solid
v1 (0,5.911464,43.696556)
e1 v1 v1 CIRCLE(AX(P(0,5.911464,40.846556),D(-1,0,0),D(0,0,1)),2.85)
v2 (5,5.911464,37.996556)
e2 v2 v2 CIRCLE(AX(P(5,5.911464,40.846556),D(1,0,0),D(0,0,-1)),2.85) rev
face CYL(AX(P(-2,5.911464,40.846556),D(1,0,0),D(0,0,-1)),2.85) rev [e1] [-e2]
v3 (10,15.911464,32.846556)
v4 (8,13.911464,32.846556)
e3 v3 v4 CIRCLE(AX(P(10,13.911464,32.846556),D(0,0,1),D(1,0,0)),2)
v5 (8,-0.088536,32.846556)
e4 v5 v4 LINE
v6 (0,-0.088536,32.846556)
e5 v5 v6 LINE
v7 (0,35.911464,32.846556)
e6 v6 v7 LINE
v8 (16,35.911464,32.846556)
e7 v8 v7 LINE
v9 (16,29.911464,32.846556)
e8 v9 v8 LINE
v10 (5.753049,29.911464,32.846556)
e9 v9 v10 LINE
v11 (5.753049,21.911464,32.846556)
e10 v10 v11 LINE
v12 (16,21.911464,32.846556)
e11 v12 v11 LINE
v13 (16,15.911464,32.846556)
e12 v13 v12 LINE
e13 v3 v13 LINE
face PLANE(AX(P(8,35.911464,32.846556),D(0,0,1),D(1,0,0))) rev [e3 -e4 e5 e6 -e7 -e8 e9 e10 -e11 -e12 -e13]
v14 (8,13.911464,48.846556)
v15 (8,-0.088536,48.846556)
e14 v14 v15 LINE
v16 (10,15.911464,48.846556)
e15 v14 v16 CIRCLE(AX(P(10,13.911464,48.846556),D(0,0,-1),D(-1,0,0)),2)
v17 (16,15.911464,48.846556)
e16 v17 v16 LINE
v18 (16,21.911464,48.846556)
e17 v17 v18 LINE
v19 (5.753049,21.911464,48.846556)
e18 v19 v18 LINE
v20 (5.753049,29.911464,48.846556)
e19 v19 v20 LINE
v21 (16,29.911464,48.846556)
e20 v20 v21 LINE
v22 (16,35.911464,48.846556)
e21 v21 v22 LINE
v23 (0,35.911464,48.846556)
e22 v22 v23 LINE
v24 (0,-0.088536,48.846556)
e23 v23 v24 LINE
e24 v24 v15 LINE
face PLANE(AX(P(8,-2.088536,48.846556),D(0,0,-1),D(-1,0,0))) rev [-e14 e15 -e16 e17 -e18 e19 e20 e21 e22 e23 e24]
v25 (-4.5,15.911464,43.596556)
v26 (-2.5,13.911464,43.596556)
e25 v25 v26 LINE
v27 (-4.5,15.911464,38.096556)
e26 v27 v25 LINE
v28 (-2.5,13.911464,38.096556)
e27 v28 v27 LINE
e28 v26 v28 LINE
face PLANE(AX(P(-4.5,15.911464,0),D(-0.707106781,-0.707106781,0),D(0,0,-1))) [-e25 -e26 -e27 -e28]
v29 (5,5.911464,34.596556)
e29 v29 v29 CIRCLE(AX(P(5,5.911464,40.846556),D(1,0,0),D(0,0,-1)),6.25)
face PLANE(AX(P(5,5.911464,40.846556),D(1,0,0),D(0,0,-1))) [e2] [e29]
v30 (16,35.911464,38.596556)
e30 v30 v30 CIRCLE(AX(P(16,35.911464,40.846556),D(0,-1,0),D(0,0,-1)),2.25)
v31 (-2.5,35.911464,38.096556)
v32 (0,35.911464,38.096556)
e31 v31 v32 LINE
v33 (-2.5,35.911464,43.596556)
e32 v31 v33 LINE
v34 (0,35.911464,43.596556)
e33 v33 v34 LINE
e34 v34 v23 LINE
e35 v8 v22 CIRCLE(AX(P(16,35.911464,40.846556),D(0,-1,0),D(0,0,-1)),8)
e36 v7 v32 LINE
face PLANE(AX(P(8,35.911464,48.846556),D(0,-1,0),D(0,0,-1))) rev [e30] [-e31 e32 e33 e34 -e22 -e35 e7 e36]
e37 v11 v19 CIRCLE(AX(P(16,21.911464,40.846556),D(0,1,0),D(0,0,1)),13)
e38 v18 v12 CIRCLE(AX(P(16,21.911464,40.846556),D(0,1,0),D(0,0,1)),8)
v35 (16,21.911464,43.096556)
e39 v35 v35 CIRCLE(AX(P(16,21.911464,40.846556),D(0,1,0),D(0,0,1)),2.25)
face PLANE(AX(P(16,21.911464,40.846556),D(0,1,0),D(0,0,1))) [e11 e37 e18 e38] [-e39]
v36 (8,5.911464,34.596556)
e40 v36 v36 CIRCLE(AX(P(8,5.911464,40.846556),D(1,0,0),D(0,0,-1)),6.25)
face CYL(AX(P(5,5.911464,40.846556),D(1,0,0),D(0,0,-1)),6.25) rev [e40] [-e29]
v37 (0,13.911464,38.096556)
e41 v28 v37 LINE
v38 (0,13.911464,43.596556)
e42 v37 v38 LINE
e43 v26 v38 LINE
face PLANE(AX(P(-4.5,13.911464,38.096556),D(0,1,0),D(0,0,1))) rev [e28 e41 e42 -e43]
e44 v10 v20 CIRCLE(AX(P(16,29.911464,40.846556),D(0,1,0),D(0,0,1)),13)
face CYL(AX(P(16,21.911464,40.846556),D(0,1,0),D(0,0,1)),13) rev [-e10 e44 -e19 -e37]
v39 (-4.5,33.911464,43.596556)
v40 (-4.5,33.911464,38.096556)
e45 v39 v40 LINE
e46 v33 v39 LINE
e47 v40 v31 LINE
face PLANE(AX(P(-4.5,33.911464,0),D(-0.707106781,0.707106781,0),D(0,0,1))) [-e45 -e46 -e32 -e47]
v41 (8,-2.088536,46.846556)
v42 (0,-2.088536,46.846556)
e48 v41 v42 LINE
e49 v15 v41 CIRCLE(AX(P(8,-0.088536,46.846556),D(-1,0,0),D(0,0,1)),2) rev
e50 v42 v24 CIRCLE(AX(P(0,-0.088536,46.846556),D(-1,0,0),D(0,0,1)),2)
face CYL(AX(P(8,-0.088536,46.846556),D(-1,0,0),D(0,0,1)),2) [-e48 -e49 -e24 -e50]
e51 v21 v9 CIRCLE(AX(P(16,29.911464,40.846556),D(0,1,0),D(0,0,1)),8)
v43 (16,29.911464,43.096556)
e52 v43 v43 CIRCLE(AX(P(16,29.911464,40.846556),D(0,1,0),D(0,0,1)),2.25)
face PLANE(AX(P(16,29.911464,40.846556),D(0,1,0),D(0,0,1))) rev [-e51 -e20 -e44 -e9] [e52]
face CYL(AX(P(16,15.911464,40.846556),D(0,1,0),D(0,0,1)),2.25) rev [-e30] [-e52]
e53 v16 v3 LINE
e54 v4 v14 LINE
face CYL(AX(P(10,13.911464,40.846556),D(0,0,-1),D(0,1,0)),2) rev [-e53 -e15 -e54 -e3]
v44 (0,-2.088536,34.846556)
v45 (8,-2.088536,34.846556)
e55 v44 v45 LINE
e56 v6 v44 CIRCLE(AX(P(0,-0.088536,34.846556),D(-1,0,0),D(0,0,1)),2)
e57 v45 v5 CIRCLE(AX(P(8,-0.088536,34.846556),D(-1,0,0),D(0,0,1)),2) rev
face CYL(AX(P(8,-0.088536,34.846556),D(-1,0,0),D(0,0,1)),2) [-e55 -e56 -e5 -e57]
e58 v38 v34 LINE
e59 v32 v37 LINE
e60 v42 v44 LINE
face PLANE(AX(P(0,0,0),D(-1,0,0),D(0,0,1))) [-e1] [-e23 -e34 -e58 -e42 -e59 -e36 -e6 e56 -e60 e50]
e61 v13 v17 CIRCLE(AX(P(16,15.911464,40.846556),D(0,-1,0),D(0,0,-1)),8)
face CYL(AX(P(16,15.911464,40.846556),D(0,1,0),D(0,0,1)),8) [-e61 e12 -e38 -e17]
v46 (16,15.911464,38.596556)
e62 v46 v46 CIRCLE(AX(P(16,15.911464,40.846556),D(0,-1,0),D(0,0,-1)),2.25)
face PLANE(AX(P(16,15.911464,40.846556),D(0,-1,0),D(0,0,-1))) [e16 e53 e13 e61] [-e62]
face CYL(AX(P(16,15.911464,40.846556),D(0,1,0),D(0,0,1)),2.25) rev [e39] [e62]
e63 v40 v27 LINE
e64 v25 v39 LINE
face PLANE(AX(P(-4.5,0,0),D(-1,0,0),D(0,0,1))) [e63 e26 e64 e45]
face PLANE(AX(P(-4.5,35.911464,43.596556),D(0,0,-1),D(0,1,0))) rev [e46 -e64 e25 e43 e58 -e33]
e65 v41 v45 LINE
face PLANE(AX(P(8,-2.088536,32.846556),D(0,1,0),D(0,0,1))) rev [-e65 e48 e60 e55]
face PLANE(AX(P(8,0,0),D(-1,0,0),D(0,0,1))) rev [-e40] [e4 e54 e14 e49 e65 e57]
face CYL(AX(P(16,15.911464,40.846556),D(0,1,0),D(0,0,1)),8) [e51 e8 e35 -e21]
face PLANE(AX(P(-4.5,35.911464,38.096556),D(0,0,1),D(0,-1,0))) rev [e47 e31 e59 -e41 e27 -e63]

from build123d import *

# Parameters (mm, degrees)
SKETCH1_W           = 16
SKETCH1_H           = 38
BOSS_EXTRUDE1_DEPTH = 8
SKETCH2_W           = 5.5
SKETCH2_H           = 22
BOSS_EXTRUDE2_DEPTH = 4.5
SKETCH6_R           = 2.25
BOSS_EXTRUDE3_DEPTH = 20
FILLET6_R           = 2
CHAMFER1_SIZE       = 2
SKETCH7_R           = 2.85
CUT_EXTRUDE1_DEPTH  = 10
SKETCH8_R           = 6.25
CUT_EXTRUDE2_DEPTH  = 3
CUT_EXTRUDE3_START  = -10
SKETCH9_R           = 13
CUT_EXTRUDE3_DEPTH  = 4
FILLET7_R           = 2


with BuildPart() as part:
    # Sketch1 → Boss-Extrude1 (new body)
    with BuildSketch(Plane(origin=(0, 0, 0), x_dir=(0, 0, -1), z_dir=(1, 0, 0))):
        with Locations((-40.846556001, 16.91146402)):
            Rectangle(SKETCH1_W, SKETCH1_H)
    extrude(amount=BOSS_EXTRUDE1_DEPTH)

    # Sketch2 → Boss-Extrude2 (add)
    with BuildSketch(Plane.ZY):
        with Locations((40.846556001, 24.91146402)):
            Rectangle(SKETCH2_W, SKETCH2_H)
    extrude(amount=BOSS_EXTRUDE2_DEPTH)

    # Sketch6 → Boss-Extrude3 (add)
    with BuildSketch(Plane.XZ.offset(-35.91146402)):
        with BuildLine():
            Line((8, 48.846556001), (16, 48.846556001))
            ThreePointArc((16, 48.846556001), (24, 40.846556001), (16, 32.846556001))
            Line((16, 32.846556001), (8, 32.846556001))
            Line((8, 32.846556001), (8, 48.846556001))
        make_face()
        with Locations(Location((16, 40.846556001, 0), (0, 0, 270))):
            Circle(SKETCH6_R, mode=Mode.SUBTRACT)
    extrude(amount=BOSS_EXTRUDE3_DEPTH)

    # Fillet6
    fillet6_edges = [part.edges().sort_by_distance(p)[0] for p in [
        (8, 15.91146402, 40.846556001),
    ]]
    fillet(fillet6_edges, radius=FILLET6_R)

    # Chamfer1
    chamfer1_edges = [part.edges().sort_by_distance(p)[0] for p in [
        (-4.5, 13.91146402, 40.846556001),
        (-4.5, 35.91146402, 40.846556001),
    ]]
    chamfer(chamfer1_edges, length=CHAMFER1_SIZE)

    # Sketch7 → Cut-Extrude1 (cut)
    with BuildSketch(Plane(origin=(8, 0, 0), x_dir=(0, 0, -1), z_dir=(1, 0, 0))):
        with Locations((-40.846556001, 5.91146402)):
            Circle(SKETCH7_R)
    extrude(amount=-CUT_EXTRUDE1_DEPTH, mode=Mode.SUBTRACT)

    # Sketch8 → Cut-Extrude2 (cut)
    with BuildSketch(Plane(origin=(8, 0, 0), x_dir=(0, 0, -1), z_dir=(1, 0, 0))):
        with Locations((-40.846556001, 5.91146402)):
            Circle(SKETCH8_R)
    extrude(amount=-CUT_EXTRUDE2_DEPTH, mode=Mode.SUBTRACT)

    # Sketch9 → Cut-Extrude3 (cut, symmetric)
    with BuildSketch(Plane(origin=(0, 35.91146402, 0), x_dir=(1, 0, 0), z_dir=(0, 1, 0)).offset(CUT_EXTRUDE3_START)):
        with Locations((16, -40.846556001)):
            Circle(SKETCH9_R)
    extrude(amount=CUT_EXTRUDE3_DEPTH, both=True, mode=Mode.SUBTRACT)

    # Fillet7
    fillet7_edges = [part.edges().sort_by_distance(p)[0] for p in [
        (4, -2.08853598, 32.846556001),
        (4, -2.08853598, 48.846556001),
    ]]
    fillet(fillet7_edges, radius=FILLET7_R)


solid = part.part
